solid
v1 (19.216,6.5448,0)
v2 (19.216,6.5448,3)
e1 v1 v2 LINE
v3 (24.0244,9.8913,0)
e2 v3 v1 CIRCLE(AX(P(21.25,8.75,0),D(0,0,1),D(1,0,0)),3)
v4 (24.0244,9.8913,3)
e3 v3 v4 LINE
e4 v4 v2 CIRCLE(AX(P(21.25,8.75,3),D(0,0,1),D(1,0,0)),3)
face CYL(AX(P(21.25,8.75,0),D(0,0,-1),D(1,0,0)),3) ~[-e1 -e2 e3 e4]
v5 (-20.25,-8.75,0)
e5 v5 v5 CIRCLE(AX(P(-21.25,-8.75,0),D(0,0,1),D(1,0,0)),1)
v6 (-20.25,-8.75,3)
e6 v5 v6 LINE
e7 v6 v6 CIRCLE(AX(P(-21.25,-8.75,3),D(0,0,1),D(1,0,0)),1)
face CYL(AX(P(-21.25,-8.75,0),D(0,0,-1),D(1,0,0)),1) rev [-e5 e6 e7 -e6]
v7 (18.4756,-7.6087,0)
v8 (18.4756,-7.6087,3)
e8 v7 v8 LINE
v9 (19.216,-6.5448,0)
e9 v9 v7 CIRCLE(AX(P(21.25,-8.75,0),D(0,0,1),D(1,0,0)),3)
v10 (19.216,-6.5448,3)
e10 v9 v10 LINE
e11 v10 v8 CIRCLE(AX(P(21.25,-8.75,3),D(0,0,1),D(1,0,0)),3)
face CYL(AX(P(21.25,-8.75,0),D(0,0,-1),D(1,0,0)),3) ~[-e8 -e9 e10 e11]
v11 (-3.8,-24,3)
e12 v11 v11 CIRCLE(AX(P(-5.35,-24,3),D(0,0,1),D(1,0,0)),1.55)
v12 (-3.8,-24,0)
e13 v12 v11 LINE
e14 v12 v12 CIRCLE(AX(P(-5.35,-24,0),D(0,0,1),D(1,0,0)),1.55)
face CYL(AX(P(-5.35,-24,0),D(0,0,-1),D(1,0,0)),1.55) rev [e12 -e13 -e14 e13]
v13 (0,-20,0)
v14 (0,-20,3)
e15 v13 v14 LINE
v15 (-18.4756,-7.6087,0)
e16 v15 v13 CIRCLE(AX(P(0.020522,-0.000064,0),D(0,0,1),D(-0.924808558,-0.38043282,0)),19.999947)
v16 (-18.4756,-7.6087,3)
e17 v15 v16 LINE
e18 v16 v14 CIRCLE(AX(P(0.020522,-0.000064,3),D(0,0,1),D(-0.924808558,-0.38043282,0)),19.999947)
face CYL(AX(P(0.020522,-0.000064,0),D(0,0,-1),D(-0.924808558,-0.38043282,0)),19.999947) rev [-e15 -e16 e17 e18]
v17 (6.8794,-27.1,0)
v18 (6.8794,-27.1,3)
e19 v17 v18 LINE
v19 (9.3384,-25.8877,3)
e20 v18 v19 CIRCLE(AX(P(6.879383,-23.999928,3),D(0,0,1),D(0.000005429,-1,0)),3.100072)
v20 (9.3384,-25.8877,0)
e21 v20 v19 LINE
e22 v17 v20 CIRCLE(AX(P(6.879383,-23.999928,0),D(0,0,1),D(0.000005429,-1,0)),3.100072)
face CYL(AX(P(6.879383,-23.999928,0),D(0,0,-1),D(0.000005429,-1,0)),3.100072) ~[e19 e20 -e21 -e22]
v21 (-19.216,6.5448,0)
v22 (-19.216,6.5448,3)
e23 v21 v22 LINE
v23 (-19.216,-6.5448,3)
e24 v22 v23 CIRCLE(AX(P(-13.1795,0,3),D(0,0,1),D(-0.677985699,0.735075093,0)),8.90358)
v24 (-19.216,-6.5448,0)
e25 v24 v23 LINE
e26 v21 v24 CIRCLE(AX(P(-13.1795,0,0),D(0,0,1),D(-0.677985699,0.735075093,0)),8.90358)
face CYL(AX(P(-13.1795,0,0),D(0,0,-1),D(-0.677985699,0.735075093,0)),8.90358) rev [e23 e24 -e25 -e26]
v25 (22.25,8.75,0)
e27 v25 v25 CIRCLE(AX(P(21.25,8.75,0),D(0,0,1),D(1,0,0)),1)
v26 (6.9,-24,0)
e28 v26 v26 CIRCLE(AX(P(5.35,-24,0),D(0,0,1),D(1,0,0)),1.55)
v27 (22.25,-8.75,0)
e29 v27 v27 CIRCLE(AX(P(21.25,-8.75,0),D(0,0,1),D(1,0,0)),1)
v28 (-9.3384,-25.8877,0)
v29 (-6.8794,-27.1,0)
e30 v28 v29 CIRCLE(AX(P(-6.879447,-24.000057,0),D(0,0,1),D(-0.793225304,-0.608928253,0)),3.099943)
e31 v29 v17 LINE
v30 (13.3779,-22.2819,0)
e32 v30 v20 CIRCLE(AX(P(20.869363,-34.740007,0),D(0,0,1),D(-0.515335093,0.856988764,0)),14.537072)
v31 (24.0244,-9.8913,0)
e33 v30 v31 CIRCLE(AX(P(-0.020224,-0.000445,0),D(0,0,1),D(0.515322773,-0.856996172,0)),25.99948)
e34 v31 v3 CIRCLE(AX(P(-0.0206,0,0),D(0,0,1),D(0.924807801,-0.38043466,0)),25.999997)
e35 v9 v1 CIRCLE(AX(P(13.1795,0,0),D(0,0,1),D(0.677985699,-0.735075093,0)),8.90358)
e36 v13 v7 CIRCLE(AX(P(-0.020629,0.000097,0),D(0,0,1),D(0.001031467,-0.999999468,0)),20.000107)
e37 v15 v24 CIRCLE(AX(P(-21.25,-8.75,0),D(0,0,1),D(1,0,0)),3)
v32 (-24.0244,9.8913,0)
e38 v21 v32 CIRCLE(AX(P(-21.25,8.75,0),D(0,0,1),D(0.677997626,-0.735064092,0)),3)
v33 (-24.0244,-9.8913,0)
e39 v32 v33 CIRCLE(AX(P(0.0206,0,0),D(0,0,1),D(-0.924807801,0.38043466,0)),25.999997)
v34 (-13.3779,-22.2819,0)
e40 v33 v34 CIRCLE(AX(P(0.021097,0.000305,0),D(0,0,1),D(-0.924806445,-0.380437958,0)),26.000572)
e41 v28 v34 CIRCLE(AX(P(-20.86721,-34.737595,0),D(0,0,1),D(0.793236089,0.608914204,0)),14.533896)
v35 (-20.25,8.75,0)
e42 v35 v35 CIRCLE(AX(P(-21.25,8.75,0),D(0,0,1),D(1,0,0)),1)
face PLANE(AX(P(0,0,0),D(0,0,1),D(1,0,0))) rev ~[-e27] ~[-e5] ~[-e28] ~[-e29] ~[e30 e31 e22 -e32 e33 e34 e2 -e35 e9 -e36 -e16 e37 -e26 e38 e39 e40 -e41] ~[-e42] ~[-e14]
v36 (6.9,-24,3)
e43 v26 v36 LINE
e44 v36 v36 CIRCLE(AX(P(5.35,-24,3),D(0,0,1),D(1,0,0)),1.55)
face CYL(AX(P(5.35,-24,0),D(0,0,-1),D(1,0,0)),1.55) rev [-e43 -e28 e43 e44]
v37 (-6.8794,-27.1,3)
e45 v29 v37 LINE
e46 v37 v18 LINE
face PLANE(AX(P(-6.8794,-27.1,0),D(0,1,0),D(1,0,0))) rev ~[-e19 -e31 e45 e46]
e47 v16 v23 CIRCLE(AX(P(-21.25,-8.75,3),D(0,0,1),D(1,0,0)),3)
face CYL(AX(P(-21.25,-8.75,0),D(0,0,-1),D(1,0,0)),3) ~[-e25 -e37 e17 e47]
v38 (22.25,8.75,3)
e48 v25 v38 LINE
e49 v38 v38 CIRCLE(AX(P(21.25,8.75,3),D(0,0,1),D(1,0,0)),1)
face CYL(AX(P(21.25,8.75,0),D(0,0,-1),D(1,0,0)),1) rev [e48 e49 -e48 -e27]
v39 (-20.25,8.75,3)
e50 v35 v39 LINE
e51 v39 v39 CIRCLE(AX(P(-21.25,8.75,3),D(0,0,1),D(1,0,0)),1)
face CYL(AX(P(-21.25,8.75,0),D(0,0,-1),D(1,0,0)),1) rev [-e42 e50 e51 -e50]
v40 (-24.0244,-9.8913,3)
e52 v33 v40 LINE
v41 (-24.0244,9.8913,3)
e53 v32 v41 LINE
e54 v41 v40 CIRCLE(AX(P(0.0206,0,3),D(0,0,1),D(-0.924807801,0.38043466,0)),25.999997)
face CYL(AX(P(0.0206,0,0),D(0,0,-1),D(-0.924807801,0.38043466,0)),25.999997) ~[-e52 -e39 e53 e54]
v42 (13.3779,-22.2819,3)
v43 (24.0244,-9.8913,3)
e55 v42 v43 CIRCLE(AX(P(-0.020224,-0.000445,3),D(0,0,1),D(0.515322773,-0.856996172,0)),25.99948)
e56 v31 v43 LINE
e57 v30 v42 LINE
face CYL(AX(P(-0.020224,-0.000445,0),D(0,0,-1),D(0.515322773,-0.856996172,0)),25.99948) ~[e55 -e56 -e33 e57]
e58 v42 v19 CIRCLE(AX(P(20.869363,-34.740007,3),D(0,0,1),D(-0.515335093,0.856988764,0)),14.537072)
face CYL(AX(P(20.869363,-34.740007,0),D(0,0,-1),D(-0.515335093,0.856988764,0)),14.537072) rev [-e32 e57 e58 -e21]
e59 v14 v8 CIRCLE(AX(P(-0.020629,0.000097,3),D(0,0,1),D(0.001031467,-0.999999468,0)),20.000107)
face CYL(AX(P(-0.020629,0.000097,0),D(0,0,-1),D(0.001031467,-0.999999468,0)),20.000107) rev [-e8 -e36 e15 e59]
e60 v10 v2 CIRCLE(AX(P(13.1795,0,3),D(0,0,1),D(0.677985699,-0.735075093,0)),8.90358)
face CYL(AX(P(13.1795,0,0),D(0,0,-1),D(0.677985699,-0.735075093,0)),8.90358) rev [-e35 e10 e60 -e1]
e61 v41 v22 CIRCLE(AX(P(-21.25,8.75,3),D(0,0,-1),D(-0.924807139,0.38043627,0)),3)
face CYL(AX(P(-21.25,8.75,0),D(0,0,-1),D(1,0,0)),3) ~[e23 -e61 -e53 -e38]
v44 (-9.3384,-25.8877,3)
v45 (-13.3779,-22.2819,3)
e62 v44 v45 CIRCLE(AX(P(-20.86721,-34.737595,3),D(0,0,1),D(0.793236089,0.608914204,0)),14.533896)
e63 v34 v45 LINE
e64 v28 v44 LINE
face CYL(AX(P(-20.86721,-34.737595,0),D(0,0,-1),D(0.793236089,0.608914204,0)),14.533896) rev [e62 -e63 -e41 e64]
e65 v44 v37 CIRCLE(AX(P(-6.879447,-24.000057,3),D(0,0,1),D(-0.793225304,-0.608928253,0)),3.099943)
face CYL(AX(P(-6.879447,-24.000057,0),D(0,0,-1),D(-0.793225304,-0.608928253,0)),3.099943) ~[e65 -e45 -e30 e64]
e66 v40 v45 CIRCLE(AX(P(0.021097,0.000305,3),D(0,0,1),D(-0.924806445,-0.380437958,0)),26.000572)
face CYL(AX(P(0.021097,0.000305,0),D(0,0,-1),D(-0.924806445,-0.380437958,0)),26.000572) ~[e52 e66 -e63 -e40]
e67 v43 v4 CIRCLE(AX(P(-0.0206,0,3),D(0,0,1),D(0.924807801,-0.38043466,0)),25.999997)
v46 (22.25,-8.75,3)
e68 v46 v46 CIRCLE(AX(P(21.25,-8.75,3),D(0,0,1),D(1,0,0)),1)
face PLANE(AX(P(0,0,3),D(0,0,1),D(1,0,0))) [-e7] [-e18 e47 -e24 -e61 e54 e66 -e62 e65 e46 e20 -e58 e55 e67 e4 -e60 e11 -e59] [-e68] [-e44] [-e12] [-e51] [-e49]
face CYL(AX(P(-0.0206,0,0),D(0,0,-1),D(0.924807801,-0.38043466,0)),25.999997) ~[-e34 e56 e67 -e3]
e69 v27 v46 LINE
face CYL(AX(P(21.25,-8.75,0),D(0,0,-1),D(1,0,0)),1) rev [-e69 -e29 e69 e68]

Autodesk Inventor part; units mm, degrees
ref_plane "YZ Plane" through (0, 0, 0) normal (1, 0, 0) x (0, 1, 0)
ref_plane "XZ Plane" through (0, 0, 0) normal (0, 1, 0) x (-1, 0, 0)
ref_plane "XY Plane" through (0, 0, 0) normal (0, 0, 1) x (1, 0, 0)
ref_plane "Work Plane1" through (0, 0, 0) normal (0, 0, 1) x (1, 0, 0)
sketch "Sketch1" plane through (0, 0, 0) normal (0, 0, 1) x (1, 0, 0)
  line L0 (22.5, 10) -> (22.5, -10) construction
  line L1 (-22.5, 10) -> (22.5, 10) construction
  line L2 (-22.5, -10) -> (-22.5, 10) construction
  line L3 (22.5, -10) -> (-22.5, -10) construction
  circle A0 centre (-13.1, -5.1) radius 0.75 construction
  circle A1 centre (-13.1, 5.1) radius 0.75 construction
  circle A2 centre (-2.44, 7) radius 0.5 construction
  circle A3 centre (-3.81, -8) radius 0.5 construction
  circle A4 centre (-1.27, -8) radius 0.5 construction
  circle A5 centre (1.27, -8) radius 0.5 construction
  circle A6 centre (-21.25, -8.75) radius 0.8 projected
  circle A7 centre (21.25, -8.75) radius 0.8 projected
  circle A8 centre (-21.25, 8.75) radius 0.8 projected
  circle A9 centre (21.25, 8.75) radius 0.8 projected
  circle A10 centre (3.81, -8) radius 0.5 construction
  circle A11 centre (2.44, 7) radius 0.5 construction
  circle A12 centre (13.1, 5.1) radius 0.75 construction
  circle A13 centre (13.1, -5.1) radius 0.75 construction
  circle A14 centre (-13.1789, 0.0006) radius 7.9502 construction
  circle A15 centre (13.1, 0) radius 7.9502 construction
  circle A16 centre (-21.25, 8.75) radius 3
  circle A17 centre (-21.25, -8.75) radius 3
  arc A18 (-19.216, 6.5448) -> (-19.216, -6.5448) centre (-13.1795, 0) ccw
  arc A19 (-24.0244, 9.8913) -> (-24.0244, -9.8913) centre (0.0206, 0) ccw
  line L4 (0, 10) -> (0, -10) construction
  line L5 (-6.9, -24) -> (6.9, -24) construction
  line L6 (-5.35, -25.55) -> (5.35, -25.55) construction
  line L7 (5.35, -22.45) -> (-5.35, -22.45) construction
  arc A20 (-5.35, -22.45) -> (-5.35, -25.55) centre (-5.35, -24) ccw construction
  arc A21 (5.35, -25.55) -> (5.35, -22.45) centre (5.35, -24) ccw construction
  arc A22 (-24.0244, -9.8913) -> (-13.3779, -22.2819) centre (0.0206, 0) ccw
  line L8 (-9.9794, -24) -> (9.9794, -24) construction
  line L9 (-6.8794, -27.1) -> (6.8794, -27.1)
  line L10 (6.8794, -20.9) -> (-6.8794, -20.9) construction
  arc A23 (-9.3384, -25.8877) -> (-6.8794, -27.1) centre (-6.8794, -24) ccw
  arc A24 (6.8794, -27.1) -> (6.8794, -20.9) centre (6.8794, -24) ccw construction
  circle A25 centre (-5.35, -24) radius 1.55
  circle A26 centre (5.35, -24) radius 1.55
  arc A27 (-18.4756, -7.6087) -> (0, -20) centre (0.0206, 0) ccw
  arc A28 (-9.3384, -25.8877) -> (-13.3779, -22.2819) centre (-20.8684, -34.7387) ccw
  line L11 (6.8794, -27.1) -> (-6.8794, -27.1)
  circle A29 centre (-21.25, 8.75) radius 1
  circle A30 centre (-21.25, -8.75) radius 1
  circle A31 centre (21.25, 8.75) radius 3
  circle A32 centre (21.25, -8.75) radius 3
  arc A33 (19.216, -6.5448) -> (19.216, 6.5448) centre (13.1795, 0) ccw
  arc A34 (24.0244, -9.8913) -> (24.0244, 9.8913) centre (-0.0206, 0) ccw
  arc A35 (13.3779, -22.2819) -> (24.0244, -9.8913) centre (-0.0206, 0) ccw
  arc A36 (6.8794, -27.1) -> (9.3384, -25.8877) centre (6.8794, -24) ccw
  arc A37 (0, -20) -> (18.4756, -7.6087) centre (-0.0206, 0) ccw
  arc A38 (13.3779, -22.2819) -> (9.3384, -25.8877) centre (20.8684, -34.7387) ccw
  circle A39 centre (21.25, 8.75) radius 1
  circle A40 centre (21.25, -8.75) radius 1
  point P0 (0, 0)
  point P1 (0, -24)
  point P2 (0, 0)
  point P3 (0, -24)
  point P4 (-8.2502, -26.7804)
  point P5 (22.095, 8.2152)
  point P6 (22.095, 9.2848)
  point P7 (22.095, -9.2848)
  point P8 (22.095, -8.2152)
  dimension "d0" = 6
  dimension "d11" = 17.5
  dimension "d16" = 15.9004
  dimension "d17" = 8.9036
  dimension "d19" = 8.9036
  dimension "d21" = 13.8
  dimension "d22" = 3.1
  dimension "d24" = 9.9794
  dimension "d25" = 19.9588
  dimension "d26" = 6.2
  dimension "d29" = 14.5355
  dimension "d32" = 24
  dimension "d33" = 26
  dimension "d34" = 0.2
  dimension "d37" = 0.2
extrude "Extrusion1" add sketch "Sketch1" along normal blind 3 contours A16 | A16 A18 A17 A19 | A17 | A17 A27 A37 A32 A35 A38 A36 L9 A23 A28 A22 | A32 | A33 A31 A34 A32 | A31
equation "\"d17\" = d19"
equation "\"d25\" = 2 * d24"
equation "\"d26\" = 2 * d22"
properties part number "mount" material "ABS Plastic"
